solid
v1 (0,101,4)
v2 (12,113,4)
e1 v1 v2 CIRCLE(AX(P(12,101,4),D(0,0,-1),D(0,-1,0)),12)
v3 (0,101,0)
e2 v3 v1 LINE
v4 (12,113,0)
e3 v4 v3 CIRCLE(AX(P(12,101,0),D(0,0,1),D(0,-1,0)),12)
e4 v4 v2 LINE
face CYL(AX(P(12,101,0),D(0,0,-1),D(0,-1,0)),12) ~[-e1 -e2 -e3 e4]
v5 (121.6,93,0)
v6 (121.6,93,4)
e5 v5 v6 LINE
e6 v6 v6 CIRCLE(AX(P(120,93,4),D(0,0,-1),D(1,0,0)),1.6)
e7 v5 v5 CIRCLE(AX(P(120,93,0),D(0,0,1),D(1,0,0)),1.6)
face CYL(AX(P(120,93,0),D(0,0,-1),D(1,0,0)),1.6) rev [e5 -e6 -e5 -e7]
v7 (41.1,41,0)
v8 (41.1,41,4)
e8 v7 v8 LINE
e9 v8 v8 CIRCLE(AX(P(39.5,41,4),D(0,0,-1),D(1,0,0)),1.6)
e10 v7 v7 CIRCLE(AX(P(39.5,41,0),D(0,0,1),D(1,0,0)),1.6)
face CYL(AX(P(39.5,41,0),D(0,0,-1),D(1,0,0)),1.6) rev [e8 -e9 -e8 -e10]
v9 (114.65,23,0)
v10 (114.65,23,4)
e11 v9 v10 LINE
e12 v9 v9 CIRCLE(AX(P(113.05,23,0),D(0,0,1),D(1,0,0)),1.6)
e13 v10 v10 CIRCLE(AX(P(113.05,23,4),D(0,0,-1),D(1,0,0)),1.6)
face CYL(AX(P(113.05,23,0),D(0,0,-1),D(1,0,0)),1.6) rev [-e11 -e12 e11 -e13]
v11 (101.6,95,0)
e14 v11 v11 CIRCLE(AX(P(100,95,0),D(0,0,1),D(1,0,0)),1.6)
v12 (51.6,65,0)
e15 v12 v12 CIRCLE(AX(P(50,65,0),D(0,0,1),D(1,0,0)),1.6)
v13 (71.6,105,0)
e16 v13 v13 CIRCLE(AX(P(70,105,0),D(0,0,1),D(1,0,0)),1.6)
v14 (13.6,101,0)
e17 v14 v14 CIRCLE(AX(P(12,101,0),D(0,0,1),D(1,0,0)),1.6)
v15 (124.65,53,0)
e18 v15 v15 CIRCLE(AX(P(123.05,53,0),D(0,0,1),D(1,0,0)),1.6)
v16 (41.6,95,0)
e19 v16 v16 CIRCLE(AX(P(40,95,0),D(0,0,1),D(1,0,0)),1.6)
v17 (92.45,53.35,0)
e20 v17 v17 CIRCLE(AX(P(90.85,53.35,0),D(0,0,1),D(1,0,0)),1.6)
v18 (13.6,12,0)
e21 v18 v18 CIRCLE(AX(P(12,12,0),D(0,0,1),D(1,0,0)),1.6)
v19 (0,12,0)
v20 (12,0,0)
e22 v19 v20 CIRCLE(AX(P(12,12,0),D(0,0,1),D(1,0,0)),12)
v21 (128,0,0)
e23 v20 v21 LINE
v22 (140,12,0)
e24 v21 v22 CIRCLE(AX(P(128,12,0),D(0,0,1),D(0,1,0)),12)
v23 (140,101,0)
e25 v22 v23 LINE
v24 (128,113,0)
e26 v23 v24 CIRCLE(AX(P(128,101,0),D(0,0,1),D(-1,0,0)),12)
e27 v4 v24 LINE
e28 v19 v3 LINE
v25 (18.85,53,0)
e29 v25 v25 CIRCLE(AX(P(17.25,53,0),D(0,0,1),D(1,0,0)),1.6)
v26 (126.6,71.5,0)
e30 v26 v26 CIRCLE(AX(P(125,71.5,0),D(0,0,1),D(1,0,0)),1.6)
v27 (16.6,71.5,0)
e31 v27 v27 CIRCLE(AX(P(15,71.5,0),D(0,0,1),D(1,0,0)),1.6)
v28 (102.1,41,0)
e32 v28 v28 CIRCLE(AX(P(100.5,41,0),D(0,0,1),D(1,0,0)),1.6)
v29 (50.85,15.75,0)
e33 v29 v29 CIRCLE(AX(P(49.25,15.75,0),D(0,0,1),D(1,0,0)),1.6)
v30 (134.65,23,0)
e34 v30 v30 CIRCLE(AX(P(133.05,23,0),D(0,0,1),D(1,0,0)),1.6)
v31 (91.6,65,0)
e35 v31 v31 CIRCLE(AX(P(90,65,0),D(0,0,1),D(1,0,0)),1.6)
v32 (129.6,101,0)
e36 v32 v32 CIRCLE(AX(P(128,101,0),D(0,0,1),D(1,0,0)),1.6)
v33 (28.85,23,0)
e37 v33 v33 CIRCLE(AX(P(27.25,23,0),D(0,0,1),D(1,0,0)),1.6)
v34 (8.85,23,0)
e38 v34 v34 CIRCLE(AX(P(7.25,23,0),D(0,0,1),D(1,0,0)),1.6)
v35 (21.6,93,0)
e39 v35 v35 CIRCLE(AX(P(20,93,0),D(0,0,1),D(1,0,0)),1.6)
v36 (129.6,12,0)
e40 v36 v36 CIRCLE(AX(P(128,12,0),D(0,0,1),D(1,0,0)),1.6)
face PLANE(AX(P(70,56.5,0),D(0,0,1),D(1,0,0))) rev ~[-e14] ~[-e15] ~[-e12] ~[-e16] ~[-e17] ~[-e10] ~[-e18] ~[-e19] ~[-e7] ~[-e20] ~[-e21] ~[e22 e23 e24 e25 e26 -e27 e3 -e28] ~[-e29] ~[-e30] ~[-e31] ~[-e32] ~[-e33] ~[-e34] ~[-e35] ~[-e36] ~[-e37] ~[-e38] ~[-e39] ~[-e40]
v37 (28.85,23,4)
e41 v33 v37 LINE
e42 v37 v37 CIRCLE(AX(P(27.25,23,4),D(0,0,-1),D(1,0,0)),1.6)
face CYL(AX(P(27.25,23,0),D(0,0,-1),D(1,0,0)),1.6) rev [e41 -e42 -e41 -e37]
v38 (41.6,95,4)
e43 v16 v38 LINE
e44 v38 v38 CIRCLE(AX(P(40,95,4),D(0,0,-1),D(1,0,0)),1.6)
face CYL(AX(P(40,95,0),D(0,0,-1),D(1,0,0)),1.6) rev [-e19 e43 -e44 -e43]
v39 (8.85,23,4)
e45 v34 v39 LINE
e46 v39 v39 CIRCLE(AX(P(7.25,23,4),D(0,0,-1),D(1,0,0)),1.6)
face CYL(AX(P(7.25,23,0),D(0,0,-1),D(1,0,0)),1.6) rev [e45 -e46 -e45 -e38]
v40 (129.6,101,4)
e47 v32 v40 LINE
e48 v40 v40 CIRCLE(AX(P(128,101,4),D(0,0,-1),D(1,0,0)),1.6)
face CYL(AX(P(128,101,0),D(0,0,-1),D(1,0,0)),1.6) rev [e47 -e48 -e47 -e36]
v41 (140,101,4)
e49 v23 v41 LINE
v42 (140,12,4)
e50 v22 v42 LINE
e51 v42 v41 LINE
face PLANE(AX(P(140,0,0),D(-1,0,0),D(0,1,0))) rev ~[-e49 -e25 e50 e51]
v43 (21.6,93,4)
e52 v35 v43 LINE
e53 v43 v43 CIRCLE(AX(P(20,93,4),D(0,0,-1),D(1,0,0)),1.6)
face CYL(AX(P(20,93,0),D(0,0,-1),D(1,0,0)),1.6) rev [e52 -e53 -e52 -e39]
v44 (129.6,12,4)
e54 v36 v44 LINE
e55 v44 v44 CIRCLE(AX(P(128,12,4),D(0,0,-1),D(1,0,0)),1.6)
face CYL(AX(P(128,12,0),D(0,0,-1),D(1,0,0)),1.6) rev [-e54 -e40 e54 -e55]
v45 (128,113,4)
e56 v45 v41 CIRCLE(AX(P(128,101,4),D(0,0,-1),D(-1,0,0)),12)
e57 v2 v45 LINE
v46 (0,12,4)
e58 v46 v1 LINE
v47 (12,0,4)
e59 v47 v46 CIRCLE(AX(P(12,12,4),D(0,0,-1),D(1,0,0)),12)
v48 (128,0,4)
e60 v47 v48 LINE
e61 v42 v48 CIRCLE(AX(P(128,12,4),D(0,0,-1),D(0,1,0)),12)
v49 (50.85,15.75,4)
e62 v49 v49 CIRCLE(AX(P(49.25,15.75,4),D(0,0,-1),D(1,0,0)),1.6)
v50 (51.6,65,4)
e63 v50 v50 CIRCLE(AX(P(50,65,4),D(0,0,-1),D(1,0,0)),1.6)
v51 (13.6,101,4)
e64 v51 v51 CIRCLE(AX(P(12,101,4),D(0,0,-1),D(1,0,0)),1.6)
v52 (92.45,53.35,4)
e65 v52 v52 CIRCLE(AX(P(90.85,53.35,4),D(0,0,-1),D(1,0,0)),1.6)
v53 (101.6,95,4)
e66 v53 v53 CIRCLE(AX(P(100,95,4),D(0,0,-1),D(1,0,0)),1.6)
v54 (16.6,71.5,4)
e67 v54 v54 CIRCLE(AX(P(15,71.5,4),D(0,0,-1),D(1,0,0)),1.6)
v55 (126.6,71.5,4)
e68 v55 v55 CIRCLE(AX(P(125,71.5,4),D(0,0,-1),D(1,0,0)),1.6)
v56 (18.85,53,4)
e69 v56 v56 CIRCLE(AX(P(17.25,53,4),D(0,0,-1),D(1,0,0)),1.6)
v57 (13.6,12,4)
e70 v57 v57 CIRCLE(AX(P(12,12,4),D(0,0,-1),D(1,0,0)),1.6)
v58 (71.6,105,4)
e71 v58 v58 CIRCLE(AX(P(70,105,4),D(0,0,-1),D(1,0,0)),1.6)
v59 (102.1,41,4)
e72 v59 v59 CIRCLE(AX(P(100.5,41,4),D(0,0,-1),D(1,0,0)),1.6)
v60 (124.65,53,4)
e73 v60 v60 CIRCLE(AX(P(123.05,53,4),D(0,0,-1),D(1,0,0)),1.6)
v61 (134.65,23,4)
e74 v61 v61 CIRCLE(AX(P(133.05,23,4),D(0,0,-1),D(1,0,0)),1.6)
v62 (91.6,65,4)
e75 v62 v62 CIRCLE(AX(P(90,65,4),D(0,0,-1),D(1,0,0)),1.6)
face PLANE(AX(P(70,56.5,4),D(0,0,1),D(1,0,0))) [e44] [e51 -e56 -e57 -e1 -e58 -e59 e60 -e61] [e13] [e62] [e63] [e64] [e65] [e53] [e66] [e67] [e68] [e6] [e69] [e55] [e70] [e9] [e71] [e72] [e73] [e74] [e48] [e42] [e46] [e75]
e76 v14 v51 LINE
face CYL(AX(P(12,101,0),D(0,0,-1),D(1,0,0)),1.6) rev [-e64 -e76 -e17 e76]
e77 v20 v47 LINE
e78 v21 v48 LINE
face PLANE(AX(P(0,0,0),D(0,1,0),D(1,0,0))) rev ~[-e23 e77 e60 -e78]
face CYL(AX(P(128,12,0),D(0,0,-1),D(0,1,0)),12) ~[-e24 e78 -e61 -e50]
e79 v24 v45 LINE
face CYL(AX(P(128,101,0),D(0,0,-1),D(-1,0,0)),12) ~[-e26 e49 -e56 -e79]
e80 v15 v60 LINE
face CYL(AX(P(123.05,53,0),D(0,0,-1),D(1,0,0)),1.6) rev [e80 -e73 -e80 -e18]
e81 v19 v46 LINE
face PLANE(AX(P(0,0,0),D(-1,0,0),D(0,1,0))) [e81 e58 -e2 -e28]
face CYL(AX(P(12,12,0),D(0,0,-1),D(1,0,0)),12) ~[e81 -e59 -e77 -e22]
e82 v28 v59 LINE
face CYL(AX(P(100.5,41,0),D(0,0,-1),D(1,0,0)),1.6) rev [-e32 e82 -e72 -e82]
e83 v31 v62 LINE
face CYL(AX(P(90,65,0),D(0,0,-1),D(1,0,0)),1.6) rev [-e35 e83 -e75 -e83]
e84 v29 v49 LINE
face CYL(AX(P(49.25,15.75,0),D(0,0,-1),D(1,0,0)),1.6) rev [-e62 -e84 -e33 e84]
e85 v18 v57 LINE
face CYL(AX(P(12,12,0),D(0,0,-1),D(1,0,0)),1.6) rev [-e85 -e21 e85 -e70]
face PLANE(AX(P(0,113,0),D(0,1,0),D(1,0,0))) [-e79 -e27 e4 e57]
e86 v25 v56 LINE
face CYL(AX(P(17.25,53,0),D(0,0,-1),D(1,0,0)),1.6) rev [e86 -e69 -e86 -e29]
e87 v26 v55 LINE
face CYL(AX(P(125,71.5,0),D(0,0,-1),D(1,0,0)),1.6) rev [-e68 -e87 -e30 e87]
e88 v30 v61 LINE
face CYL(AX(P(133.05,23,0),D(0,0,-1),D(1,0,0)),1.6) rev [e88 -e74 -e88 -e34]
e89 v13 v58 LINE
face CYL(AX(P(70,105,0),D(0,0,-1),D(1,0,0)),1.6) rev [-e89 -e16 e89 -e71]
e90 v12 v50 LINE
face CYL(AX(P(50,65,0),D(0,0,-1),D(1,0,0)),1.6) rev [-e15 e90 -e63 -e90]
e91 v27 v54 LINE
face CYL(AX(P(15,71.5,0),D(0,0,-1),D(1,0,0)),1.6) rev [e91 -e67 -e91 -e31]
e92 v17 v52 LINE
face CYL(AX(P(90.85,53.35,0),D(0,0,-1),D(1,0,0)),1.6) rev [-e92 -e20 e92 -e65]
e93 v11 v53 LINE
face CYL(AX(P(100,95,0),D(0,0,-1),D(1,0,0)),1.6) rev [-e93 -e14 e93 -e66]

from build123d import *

# Parameters (mm, degrees)
CYLINDER072_R          = 1.6
CYLINDER072_DEPTH      = 10
CYLINDER071_R          = 1.6
CYLINDER071_DEPTH      = 10
CYLINDER070_R          = 1.6
CYLINDER070_DEPTH      = 10
CYLINDER069_R          = 1.6
CYLINDER069_DEPTH      = 10
CYLINDER066_R          = 12
CYLINDER066_DEPTH      = 10
BOX045_W               = 12
BOX045_H               = 12
BOX045_DEPTH           = 4
CUT015_PLACEMENT_ANGLE = 90
CYLINDER067_R          = 12
CYLINDER067_DEPTH      = 10
BOX046_W               = 12
BOX046_H               = 12
BOX046_DEPTH           = 4
CUT016_PLACEMENT_ANGLE = 180
CYLINDER068_R          = 12
CYLINDER068_DEPTH      = 10
BOX047_W               = 12
BOX047_H               = 12
BOX047_DEPTH           = 4
CUT017_PLACEMENT_ANGLE = 270
CYLINDER_R             = 12
CYLINDER_DEPTH         = 10
BOX044_W               = 12
BOX044_H               = 12
BOX044_DEPTH           = 4
CYLINDER063_R          = 1.6
CYLINDER063_DEPTH      = 10
CYLINDER064_R          = 1.6
CYLINDER064_DEPTH      = 10
CYLINDER065_R          = 1.6
CYLINDER065_DEPTH      = 10
CYLINDER062_R          = 1.6
CYLINDER062_DEPTH      = 10
CYLINDER051_R          = 1.6
CYLINDER051_DEPTH      = 10
CYLINDER052_R          = 1.6
CYLINDER052_DEPTH      = 10
CYLINDER050_R          = 1.6
CYLINDER050_DEPTH      = 10
CYLINDER054_R          = 1.6
CYLINDER054_DEPTH      = 20
CYLINDER053_R          = 1.6
CYLINDER053_DEPTH      = 20
CYLINDER056_R          = 1.6
CYLINDER056_DEPTH      = 10
CYLINDER057_R          = 1.6
CYLINDER057_DEPTH      = 10
CYLINDER058_R          = 1.6
CYLINDER058_DEPTH      = 10
CYLINDER059_R          = 1.6
CYLINDER059_DEPTH      = 10
CYLINDER055_R          = 1.6
CYLINDER055_DEPTH      = 10
CYLINDER061_R          = 1.6
CYLINDER061_DEPTH      = 20
CYLINDER060_R          = 1.6
CYLINDER060_DEPTH      = 20
CYLINDER048_R          = 1.6
CYLINDER048_DEPTH      = 10
CYLINDER049_R          = 1.6
CYLINDER049_DEPTH      = 10
CYLINDER047_R          = 1.6
CYLINDER047_DEPTH      = 10
BOX_W                  = 140
BOX_H                  = 113
BOX_DEPTH              = 4


with BuildPart() as cylinder074:
    # Cylinder072 → Cylinder072 (new body)
    with BuildSketch(Plane(origin=(120, 93, 0), x_dir=(1, 0, 0), z_dir=(0, 0, 1))):
        Circle(CYLINDER072_R)
    extrude(amount=CYLINDER072_DEPTH)


with BuildPart() as wallmounts:
    # Cylinder071 → Cylinder071 (new body)
    with BuildSketch(Plane(origin=(20, 93, 0), x_dir=(1, 0, 0), z_dir=(0, 0, 1))):
        Circle(CYLINDER071_R)
    extrude(amount=CYLINDER071_DEPTH)

    # Fusion039: union Cylinder074
    add(cylinder074.part)


with BuildPart() as cylinder072:
    # Cylinder070 → Cylinder070 (new body)
    with BuildSketch(Plane(origin=(125, 71.5, 0), x_dir=(1, 0, 0), z_dir=(0, 0, 1))):
        Circle(CYLINDER070_R)
    extrude(amount=CYLINDER070_DEPTH)


with BuildPart() as cuts001:
    # Cylinder069 → Cylinder069 (new body)
    with BuildSketch(Plane(origin=(15, 71.5, 0), x_dir=(1, 0, 0), z_dir=(0, 0, 1))):
        Circle(CYLINDER069_R)
    extrude(amount=CYLINDER069_DEPTH)

    # Fusion038: union Cylinder072
    add(cylinder072.part)


with BuildPart() as cylinder068:
    # Cylinder066 → Cylinder066 (new body)
    with BuildSketch(Plane(origin=(12, 12, 0), x_dir=(1, 0, 0), z_dir=(0, 0, 1))):
        Circle(CYLINDER066_R)
    extrude(amount=CYLINDER066_DEPTH)


with BuildPart() as cutout001:
    # Box045 → Box045 (new body)
    with BuildSketch(Plane.XY):
        with Locations((6, 6)):
            Rectangle(BOX045_W, BOX045_H)
    extrude(amount=BOX045_DEPTH)

    # Cut015: cut Cylinder068
    add(cylinder068.part, mode=Mode.SUBTRACT)


with BuildPart() as cutout001_1:
    # Cut015 placement: moved
    add(cutout001.part.moved(Location((140, 0, 0))).rotate(Axis((140, 0, 0), (0, 0, 1)), CUT015_PLACEMENT_ANGLE))


with BuildPart() as cylinder069:
    # Cylinder067 → Cylinder067 (new body)
    with BuildSketch(Plane(origin=(12, 12, 0), x_dir=(1, 0, 0), z_dir=(0, 0, 1))):
        Circle(CYLINDER067_R)
    extrude(amount=CYLINDER067_DEPTH)


with BuildPart() as cutout002:
    # Box046 → Box046 (new body)
    with BuildSketch(Plane.XY):
        with Locations((6, 6)):
            Rectangle(BOX046_W, BOX046_H)
    extrude(amount=BOX046_DEPTH)

    # Cut016: cut Cylinder069
    add(cylinder069.part, mode=Mode.SUBTRACT)


with BuildPart() as cutout002_1:
    # Cut016 placement: moved
    add(cutout002.part.moved(Location((140, 113, 0))).rotate(Axis((140, 113, 0), (0, 0, 1)), CUT016_PLACEMENT_ANGLE))


with BuildPart() as cylinder070:
    # Cylinder068 → Cylinder068 (new body)
    with BuildSketch(Plane(origin=(12, 12, 0), x_dir=(1, 0, 0), z_dir=(0, 0, 1))):
        Circle(CYLINDER068_R)
    extrude(amount=CYLINDER068_DEPTH)


with BuildPart() as cutout003:
    # Box047 → Box047 (new body)
    with BuildSketch(Plane.XY):
        with Locations((6, 6)):
            Rectangle(BOX047_W, BOX047_H)
    extrude(amount=BOX047_DEPTH)

    # Cut017: cut Cylinder070
    add(cylinder070.part, mode=Mode.SUBTRACT)


with BuildPart() as cutout003_1:
    # Cut017 placement: moved
    add(cutout003.part.moved(Location((0, 113, 0))).rotate(Axis((0, 113, 0), (0, 0, 1)), CUT017_PLACEMENT_ANGLE))


with BuildPart() as cylinder067:
    # Cylinder → Cylinder (new body)
    with BuildSketch(Plane(origin=(12, 12, 0), x_dir=(1, 0, 0), z_dir=(0, 0, 1))):
        Circle(CYLINDER_R)
    extrude(amount=CYLINDER_DEPTH)


with BuildPart() as cutout004:
    # Box044 → Box044 (new body)
    with BuildSketch(Plane.XY):
        with Locations((6, 6)):
            Rectangle(BOX044_W, BOX044_H)
    extrude(amount=BOX044_DEPTH)

    # Cut014: cut Cylinder067
    add(cylinder067.part, mode=Mode.SUBTRACT)

    # Fusion037: union cutOut001, cutOut002, cutOut003
    add(cutout001_1.part)
    add(cutout002_1.part)
    add(cutout003_1.part)


with BuildPart() as cylinder064:
    # Cylinder063 → Cylinder063 (new body)
    with BuildSketch(Plane(origin=(128, 12, 0), x_dir=(1, 0, 0), z_dir=(0, 0, 1))):
        Circle(CYLINDER063_R)
    extrude(amount=CYLINDER063_DEPTH)


with BuildPart() as cylinder065:
    # Cylinder064 → Cylinder064 (new body)
    with BuildSketch(Plane(origin=(12, 101, 0), x_dir=(1, 0, 0), z_dir=(0, 0, 1))):
        Circle(CYLINDER064_R)
    extrude(amount=CYLINDER064_DEPTH)


with BuildPart() as cylinder066:
    # Cylinder065 → Cylinder065 (new body)
    with BuildSketch(Plane(origin=(128, 101, 0), x_dir=(1, 0, 0), z_dir=(0, 0, 1))):
        Circle(CYLINDER065_R)
    extrude(amount=CYLINDER065_DEPTH)


with BuildPart() as outercuts:
    # Cylinder062 → Cylinder062 (new body)
    with BuildSketch(Plane(origin=(12, 12, 0), x_dir=(1, 0, 0), z_dir=(0, 0, 1))):
        Circle(CYLINDER062_R)
    extrude(amount=CYLINDER062_DEPTH)

    # Fusion036: union Cylinder064, Cylinder065, Cylinder066
    add(cylinder064.part)
    add(cylinder065.part)
    add(cylinder066.part)


with BuildPart() as cylinder052:
    # Cylinder051 → Cylinder051 (new body)
    with BuildSketch(Plane(origin=(27.25, 23, 0), x_dir=(1, 0, 0), z_dir=(0, 0, 1))):
        Circle(CYLINDER051_R)
    extrude(amount=CYLINDER051_DEPTH)


with BuildPart() as cylinder053:
    # Cylinder052 → Cylinder052 (new body)
    with BuildSketch(Plane(origin=(17.25, 53, 0), x_dir=(1, 0, 0), z_dir=(0, 0, 1))):
        Circle(CYLINDER052_R)
    extrude(amount=CYLINDER052_DEPTH)


with BuildPart() as scdcuts001:
    # Cylinder050 → Cylinder050 (new body)
    with BuildSketch(Plane(origin=(7.25, 23, 0), x_dir=(1, 0, 0), z_dir=(0, 0, 1))):
        Circle(CYLINDER050_R)
    extrude(amount=CYLINDER050_DEPTH)

    # Fusion031: union Cylinder052, Cylinder053
    add(cylinder052.part)
    add(cylinder053.part)


with BuildPart() as scdcuts001_1:
    # Fusion031 placement: moved
    add(scdcuts001.part.moved(Location((105.8, 0, 0))))


with BuildPart() as cylinder055:
    # Cylinder054 → Cylinder054 (new body)
    with BuildSketch(Plane(origin=(44.35, 40.35, 0), x_dir=(1, 0, 0), z_dir=(0, 0, 1))):
        Circle(CYLINDER054_R)
    extrude(amount=CYLINDER054_DEPTH)


with BuildPart() as ipscuts:
    # Cylinder053 → Cylinder053 (new body)
    with BuildSketch(Plane(origin=(2.75, 2.75, 0), x_dir=(1, 0, 0), z_dir=(0, 0, 1))):
        Circle(CYLINDER053_R)
    extrude(amount=CYLINDER053_DEPTH)

    # Fusion032: union Cylinder055
    add(cylinder055.part)


with BuildPart() as ipscuts_1:
    # Fusion032 placement: moved
    add(ipscuts.part.moved(Location((46.5, 13, 0))))


with BuildPart() as cylinder057:
    # Cylinder056 → Cylinder056 (new body)
    with BuildSketch(Plane(origin=(90, 65, 0), x_dir=(1, 0, 0), z_dir=(0, 0, 1))):
        Circle(CYLINDER056_R)
    extrude(amount=CYLINDER056_DEPTH)


with BuildPart() as cylinder058:
    # Cylinder057 → Cylinder057 (new body)
    with BuildSketch(Plane(origin=(100, 95, 0), x_dir=(1, 0, 0), z_dir=(0, 0, 1))):
        Circle(CYLINDER057_R)
    extrude(amount=CYLINDER057_DEPTH)


with BuildPart() as cylinder059:
    # Cylinder058 → Cylinder058 (new body)
    with BuildSketch(Plane(origin=(40, 95, 0), x_dir=(1, 0, 0), z_dir=(0, 0, 1))):
        Circle(CYLINDER058_R)
    extrude(amount=CYLINDER058_DEPTH)


with BuildPart() as cylinder060:
    # Cylinder059 → Cylinder059 (new body)
    with BuildSketch(Plane(origin=(70, 105, 0), x_dir=(1, 0, 0), z_dir=(0, 0, 1))):
        Circle(CYLINDER059_R)
    extrude(amount=CYLINDER059_DEPTH)


with BuildPart() as scdcuts:
    # Cylinder055 → Cylinder055 (new body)
    with BuildSketch(Plane(origin=(50, 65, 0), x_dir=(1, 0, 0), z_dir=(0, 0, 1))):
        Circle(CYLINDER055_R)
    extrude(amount=CYLINDER055_DEPTH)

    # Fusion033: union Cylinder057, Cylinder058, Cylinder059, Cylinder060
    add(cylinder057.part)
    add(cylinder058.part)
    add(cylinder059.part)
    add(cylinder060.part)


with BuildPart() as cylinder062:
    # Cylinder061 → Cylinder061 (new body)
    with BuildSketch(Plane(origin=(100.5, 41, 0), x_dir=(1, 0, 0), z_dir=(0, 0, 1))):
        Circle(CYLINDER061_R)
    extrude(amount=CYLINDER061_DEPTH)


with BuildPart() as wiocuts:
    # Cylinder060 → Cylinder060 (new body)
    with BuildSketch(Plane(origin=(39.5, 41, 0), x_dir=(1, 0, 0), z_dir=(0, 0, 1))):
        Circle(CYLINDER060_R)
    extrude(amount=CYLINDER060_DEPTH)

    # Fusion034: union Cylinder062
    add(cylinder062.part)


with BuildPart() as cylinder049:
    # Cylinder048 → Cylinder048 (new body)
    with BuildSketch(Plane(origin=(27.25, 23, 0), x_dir=(1, 0, 0), z_dir=(0, 0, 1))):
        Circle(CYLINDER048_R)
    extrude(amount=CYLINDER048_DEPTH)


with BuildPart() as cylinder050:
    # Cylinder049 → Cylinder049 (new body)
    with BuildSketch(Plane(origin=(17.25, 53, 0), x_dir=(1, 0, 0), z_dir=(0, 0, 1))):
        Circle(CYLINDER049_R)
    extrude(amount=CYLINDER049_DEPTH)


with BuildPart() as cuts:
    # Cylinder047 → Cylinder047 (new body)
    with BuildSketch(Plane(origin=(7.25, 23, 0), x_dir=(1, 0, 0), z_dir=(0, 0, 1))):
        Circle(CYLINDER047_R)
    extrude(amount=CYLINDER047_DEPTH)

    # Fusion: union Cylinder049, Cylinder050
    add(cylinder049.part)
    add(cylinder050.part)

    # Fusion035: union scdCuts001, ipsCuts, scdCuts, wioCuts
    add(scdcuts001_1.part)
    add(ipscuts_1.part)
    add(scdcuts.part)
    add(wiocuts.part)


with BuildPart() as base008:
    # Box → Box (new body)
    with BuildSketch(Plane.XY):
        with Locations((70, 56.5)):
            Rectangle(BOX_W, BOX_H)
    extrude(amount=BOX_DEPTH)

    # Cut: cut cuts
    add(cuts.part, mode=Mode.SUBTRACT)

    # Cut013: cut outerCuts
    add(outercuts.part, mode=Mode.SUBTRACT)

    # Cut018: cut cutOut004
    add(cutout004.part, mode=Mode.SUBTRACT)

    # Cut019: cut cuts001
    add(cuts001.part, mode=Mode.SUBTRACT)

    # Cut020: cut wallMounts
    add(wallmounts.part, mode=Mode.SUBTRACT)


solid = base008.part
